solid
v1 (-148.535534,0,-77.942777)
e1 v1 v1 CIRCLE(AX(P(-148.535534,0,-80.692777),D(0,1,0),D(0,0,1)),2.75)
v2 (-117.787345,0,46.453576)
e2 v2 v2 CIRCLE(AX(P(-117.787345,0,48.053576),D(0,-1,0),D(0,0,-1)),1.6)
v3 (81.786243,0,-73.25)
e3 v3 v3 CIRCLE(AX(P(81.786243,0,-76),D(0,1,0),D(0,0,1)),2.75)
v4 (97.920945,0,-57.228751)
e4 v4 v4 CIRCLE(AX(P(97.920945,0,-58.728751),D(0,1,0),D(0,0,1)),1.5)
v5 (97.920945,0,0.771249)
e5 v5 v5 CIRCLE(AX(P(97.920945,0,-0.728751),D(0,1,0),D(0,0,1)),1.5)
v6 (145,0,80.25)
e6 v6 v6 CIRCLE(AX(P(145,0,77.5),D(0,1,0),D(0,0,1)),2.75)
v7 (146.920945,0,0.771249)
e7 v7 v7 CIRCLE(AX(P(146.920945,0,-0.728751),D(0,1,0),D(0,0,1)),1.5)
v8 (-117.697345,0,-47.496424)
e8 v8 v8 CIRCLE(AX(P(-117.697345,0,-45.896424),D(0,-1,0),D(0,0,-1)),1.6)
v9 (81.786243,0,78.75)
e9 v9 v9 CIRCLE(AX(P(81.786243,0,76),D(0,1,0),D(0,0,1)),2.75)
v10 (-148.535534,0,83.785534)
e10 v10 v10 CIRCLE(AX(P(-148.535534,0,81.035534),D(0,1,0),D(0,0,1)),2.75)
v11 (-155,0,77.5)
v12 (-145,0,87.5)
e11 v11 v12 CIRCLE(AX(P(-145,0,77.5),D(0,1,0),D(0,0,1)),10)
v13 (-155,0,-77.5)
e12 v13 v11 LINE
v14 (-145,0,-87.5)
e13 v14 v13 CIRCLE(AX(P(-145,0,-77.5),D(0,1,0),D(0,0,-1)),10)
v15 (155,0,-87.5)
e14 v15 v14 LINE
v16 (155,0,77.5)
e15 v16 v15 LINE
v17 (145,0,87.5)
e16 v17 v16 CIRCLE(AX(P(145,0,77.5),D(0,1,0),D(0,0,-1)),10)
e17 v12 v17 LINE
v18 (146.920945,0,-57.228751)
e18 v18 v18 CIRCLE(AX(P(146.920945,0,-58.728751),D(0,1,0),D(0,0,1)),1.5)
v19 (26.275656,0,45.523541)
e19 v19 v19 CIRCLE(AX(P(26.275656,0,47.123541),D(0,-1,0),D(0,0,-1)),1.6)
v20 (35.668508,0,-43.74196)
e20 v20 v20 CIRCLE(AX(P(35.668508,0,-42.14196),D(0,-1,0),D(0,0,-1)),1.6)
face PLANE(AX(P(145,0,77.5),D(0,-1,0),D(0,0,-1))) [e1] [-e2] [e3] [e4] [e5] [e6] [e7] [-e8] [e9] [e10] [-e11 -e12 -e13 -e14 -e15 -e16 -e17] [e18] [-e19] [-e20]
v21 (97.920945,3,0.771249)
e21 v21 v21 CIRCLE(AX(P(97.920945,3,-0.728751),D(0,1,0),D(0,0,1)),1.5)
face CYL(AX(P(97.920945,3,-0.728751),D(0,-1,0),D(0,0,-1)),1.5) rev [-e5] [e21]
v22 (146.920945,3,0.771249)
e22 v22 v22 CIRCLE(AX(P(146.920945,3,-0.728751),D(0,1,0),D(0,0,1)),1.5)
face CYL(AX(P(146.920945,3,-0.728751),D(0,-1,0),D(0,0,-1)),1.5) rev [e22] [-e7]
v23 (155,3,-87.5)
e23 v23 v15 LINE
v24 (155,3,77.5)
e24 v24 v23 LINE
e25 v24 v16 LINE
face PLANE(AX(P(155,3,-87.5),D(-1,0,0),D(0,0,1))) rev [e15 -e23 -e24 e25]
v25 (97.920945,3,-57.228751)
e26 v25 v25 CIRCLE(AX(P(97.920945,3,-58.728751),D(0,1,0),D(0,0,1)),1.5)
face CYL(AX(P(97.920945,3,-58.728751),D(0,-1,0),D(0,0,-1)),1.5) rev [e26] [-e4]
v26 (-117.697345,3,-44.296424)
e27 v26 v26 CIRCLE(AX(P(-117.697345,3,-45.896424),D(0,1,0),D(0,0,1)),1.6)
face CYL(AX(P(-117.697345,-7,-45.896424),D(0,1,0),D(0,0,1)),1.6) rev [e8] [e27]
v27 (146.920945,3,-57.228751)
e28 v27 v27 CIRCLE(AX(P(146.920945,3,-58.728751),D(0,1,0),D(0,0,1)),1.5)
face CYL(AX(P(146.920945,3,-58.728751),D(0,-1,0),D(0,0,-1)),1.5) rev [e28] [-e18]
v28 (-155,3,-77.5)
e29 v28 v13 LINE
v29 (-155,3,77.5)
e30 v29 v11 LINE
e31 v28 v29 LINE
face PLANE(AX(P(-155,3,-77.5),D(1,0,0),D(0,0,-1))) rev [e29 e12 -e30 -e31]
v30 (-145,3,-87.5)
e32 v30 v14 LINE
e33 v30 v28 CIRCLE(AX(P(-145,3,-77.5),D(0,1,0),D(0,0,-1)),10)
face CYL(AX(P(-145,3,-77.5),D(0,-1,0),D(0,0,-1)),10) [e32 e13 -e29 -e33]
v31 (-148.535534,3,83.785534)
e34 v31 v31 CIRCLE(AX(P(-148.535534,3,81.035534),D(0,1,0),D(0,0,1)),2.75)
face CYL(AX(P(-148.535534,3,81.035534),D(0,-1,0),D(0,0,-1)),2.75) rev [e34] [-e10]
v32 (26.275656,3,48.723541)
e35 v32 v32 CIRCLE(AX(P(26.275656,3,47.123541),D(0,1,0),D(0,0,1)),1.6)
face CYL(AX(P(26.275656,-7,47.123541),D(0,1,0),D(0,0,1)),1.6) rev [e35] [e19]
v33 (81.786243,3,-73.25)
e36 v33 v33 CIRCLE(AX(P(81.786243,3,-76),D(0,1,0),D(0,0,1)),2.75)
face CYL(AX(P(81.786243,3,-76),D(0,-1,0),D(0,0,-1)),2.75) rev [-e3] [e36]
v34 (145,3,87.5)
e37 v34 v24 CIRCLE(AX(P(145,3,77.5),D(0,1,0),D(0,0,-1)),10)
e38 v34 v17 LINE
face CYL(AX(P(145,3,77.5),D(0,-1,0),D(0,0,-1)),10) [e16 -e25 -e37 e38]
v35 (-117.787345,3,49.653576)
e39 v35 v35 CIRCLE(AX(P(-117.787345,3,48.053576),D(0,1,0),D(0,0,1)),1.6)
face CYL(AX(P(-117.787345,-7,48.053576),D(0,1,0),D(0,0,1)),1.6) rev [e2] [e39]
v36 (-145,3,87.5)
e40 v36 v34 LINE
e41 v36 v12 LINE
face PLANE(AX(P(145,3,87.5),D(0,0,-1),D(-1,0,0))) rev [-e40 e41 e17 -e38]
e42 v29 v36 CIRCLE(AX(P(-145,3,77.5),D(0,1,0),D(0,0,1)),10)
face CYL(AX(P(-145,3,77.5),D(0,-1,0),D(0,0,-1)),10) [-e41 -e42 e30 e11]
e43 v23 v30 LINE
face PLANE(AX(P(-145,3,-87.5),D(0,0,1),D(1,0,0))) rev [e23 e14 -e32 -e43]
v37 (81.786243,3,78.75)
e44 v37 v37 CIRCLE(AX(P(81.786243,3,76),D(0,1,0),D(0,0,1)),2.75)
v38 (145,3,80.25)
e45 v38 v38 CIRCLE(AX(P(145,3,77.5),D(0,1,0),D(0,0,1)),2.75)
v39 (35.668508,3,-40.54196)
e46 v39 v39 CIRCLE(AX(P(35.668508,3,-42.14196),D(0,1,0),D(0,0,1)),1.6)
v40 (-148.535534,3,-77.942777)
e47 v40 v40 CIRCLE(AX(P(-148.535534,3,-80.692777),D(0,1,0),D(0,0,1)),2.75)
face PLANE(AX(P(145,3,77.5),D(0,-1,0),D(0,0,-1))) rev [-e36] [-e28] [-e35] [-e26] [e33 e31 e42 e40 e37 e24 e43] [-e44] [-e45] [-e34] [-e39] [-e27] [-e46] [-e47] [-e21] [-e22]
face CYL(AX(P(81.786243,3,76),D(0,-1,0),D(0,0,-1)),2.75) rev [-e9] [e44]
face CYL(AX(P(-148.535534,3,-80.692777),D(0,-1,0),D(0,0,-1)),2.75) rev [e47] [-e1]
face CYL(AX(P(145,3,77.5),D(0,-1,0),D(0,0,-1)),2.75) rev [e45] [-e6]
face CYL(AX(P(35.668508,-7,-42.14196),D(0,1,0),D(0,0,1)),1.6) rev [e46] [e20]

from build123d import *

# Parameters (mm, degrees)
ESQUISSE1_R        = 2.75
ESQUISSE1_R_2      = 1.5
BOSS_EXTRU_1_DEPTH = 3
SKETCH1_R          = 1.6
CUT_EXTRUDE9_DEPTH = 10


with BuildPart() as part:
    # Esquisse1 → Boss.-Extru.1 (new body)
    with BuildSketch(Plane(origin=(0, 0, 0), x_dir=(1, 0, 0), z_dir=(0, 1, 0))):
        with BuildLine():
            Line((-145, 87.5), (155, 87.5))
            Line((155, 87.5), (155, -77.5))
            ThreePointArc((155, -77.5), (152.071067812, -84.571067812), (145, -87.5))
            Line((145, -87.5), (-145, -87.5))
            ThreePointArc((-145, -87.5), (-152.071067812, -84.571067812), (-155, -77.5))
            Line((-155, -77.5), (-155, 77.5))
            ThreePointArc((-155, 77.5), (-152.071067812, 84.571067812), (-145, 87.5))
        make_face()
        with Locations(Location((81.78624341, 76, 0), (0, 0, 270))):
            Circle(ESQUISSE1_R, mode=Mode.SUBTRACT)
        with Locations(Location((97.920945316, 58.728751177, 0), (0, 0, 270))):
            Circle(ESQUISSE1_R_2, mode=Mode.SUBTRACT)
        with Locations(Location((-148.535533906, 80.692777163, 0), (0, 0, 270))):
            Circle(ESQUISSE1_R, mode=Mode.SUBTRACT)
        with Locations(Location((-148.535533906, -81.035533906, 0), (0, 0, 270))):
            Circle(ESQUISSE1_R, mode=Mode.SUBTRACT)
        with Locations(Location((146.920945316, 58.728751177, 0), (0, 0, 270))):
            Circle(ESQUISSE1_R_2, mode=Mode.SUBTRACT)
        with Locations(Location((97.920945316, 0.728751177, 0), (0, 0, 270))):
            Circle(ESQUISSE1_R_2, mode=Mode.SUBTRACT)
        with Locations(Location((146.920945316, 0.728751177, 0), (0, 0, 270))):
            Circle(ESQUISSE1_R_2, mode=Mode.SUBTRACT)
        with Locations(Location((81.78624341, -76, 0), (0, 0, 270))):
            Circle(ESQUISSE1_R, mode=Mode.SUBTRACT)
        with Locations(Location((145, -77.5, 0), (0, 0, 270))):
            Circle(ESQUISSE1_R, mode=Mode.SUBTRACT)
    extrude(amount=BOSS_EXTRU_1_DEPTH)

    # Sketch1 → Cut-Extrude9 (cut)
    with BuildSketch(Plane(origin=(0, 3, 0), x_dir=(1, 0, 0), z_dir=(0, 1, 0))):
        with Locations(Location((35.668507743, 42.141960397, 0), (0, 0, 270))):
            Circle(SKETCH1_R)
        with Locations(Location((26.275656472, -47.123541034, 0), (0, 0, 270))):
            Circle(SKETCH1_R)
        with Locations(Location((-117.787345368, -48.053575675, 0), (0, 0, 270))):
            Circle(SKETCH1_R)
        with Locations(Location((-117.697345367, 45.896424322, 0), (0, 0, 270))):
            Circle(SKETCH1_R)
    extrude(amount=-CUT_EXTRUDE9_DEPTH, mode=Mode.SUBTRACT)


solid = part.part
